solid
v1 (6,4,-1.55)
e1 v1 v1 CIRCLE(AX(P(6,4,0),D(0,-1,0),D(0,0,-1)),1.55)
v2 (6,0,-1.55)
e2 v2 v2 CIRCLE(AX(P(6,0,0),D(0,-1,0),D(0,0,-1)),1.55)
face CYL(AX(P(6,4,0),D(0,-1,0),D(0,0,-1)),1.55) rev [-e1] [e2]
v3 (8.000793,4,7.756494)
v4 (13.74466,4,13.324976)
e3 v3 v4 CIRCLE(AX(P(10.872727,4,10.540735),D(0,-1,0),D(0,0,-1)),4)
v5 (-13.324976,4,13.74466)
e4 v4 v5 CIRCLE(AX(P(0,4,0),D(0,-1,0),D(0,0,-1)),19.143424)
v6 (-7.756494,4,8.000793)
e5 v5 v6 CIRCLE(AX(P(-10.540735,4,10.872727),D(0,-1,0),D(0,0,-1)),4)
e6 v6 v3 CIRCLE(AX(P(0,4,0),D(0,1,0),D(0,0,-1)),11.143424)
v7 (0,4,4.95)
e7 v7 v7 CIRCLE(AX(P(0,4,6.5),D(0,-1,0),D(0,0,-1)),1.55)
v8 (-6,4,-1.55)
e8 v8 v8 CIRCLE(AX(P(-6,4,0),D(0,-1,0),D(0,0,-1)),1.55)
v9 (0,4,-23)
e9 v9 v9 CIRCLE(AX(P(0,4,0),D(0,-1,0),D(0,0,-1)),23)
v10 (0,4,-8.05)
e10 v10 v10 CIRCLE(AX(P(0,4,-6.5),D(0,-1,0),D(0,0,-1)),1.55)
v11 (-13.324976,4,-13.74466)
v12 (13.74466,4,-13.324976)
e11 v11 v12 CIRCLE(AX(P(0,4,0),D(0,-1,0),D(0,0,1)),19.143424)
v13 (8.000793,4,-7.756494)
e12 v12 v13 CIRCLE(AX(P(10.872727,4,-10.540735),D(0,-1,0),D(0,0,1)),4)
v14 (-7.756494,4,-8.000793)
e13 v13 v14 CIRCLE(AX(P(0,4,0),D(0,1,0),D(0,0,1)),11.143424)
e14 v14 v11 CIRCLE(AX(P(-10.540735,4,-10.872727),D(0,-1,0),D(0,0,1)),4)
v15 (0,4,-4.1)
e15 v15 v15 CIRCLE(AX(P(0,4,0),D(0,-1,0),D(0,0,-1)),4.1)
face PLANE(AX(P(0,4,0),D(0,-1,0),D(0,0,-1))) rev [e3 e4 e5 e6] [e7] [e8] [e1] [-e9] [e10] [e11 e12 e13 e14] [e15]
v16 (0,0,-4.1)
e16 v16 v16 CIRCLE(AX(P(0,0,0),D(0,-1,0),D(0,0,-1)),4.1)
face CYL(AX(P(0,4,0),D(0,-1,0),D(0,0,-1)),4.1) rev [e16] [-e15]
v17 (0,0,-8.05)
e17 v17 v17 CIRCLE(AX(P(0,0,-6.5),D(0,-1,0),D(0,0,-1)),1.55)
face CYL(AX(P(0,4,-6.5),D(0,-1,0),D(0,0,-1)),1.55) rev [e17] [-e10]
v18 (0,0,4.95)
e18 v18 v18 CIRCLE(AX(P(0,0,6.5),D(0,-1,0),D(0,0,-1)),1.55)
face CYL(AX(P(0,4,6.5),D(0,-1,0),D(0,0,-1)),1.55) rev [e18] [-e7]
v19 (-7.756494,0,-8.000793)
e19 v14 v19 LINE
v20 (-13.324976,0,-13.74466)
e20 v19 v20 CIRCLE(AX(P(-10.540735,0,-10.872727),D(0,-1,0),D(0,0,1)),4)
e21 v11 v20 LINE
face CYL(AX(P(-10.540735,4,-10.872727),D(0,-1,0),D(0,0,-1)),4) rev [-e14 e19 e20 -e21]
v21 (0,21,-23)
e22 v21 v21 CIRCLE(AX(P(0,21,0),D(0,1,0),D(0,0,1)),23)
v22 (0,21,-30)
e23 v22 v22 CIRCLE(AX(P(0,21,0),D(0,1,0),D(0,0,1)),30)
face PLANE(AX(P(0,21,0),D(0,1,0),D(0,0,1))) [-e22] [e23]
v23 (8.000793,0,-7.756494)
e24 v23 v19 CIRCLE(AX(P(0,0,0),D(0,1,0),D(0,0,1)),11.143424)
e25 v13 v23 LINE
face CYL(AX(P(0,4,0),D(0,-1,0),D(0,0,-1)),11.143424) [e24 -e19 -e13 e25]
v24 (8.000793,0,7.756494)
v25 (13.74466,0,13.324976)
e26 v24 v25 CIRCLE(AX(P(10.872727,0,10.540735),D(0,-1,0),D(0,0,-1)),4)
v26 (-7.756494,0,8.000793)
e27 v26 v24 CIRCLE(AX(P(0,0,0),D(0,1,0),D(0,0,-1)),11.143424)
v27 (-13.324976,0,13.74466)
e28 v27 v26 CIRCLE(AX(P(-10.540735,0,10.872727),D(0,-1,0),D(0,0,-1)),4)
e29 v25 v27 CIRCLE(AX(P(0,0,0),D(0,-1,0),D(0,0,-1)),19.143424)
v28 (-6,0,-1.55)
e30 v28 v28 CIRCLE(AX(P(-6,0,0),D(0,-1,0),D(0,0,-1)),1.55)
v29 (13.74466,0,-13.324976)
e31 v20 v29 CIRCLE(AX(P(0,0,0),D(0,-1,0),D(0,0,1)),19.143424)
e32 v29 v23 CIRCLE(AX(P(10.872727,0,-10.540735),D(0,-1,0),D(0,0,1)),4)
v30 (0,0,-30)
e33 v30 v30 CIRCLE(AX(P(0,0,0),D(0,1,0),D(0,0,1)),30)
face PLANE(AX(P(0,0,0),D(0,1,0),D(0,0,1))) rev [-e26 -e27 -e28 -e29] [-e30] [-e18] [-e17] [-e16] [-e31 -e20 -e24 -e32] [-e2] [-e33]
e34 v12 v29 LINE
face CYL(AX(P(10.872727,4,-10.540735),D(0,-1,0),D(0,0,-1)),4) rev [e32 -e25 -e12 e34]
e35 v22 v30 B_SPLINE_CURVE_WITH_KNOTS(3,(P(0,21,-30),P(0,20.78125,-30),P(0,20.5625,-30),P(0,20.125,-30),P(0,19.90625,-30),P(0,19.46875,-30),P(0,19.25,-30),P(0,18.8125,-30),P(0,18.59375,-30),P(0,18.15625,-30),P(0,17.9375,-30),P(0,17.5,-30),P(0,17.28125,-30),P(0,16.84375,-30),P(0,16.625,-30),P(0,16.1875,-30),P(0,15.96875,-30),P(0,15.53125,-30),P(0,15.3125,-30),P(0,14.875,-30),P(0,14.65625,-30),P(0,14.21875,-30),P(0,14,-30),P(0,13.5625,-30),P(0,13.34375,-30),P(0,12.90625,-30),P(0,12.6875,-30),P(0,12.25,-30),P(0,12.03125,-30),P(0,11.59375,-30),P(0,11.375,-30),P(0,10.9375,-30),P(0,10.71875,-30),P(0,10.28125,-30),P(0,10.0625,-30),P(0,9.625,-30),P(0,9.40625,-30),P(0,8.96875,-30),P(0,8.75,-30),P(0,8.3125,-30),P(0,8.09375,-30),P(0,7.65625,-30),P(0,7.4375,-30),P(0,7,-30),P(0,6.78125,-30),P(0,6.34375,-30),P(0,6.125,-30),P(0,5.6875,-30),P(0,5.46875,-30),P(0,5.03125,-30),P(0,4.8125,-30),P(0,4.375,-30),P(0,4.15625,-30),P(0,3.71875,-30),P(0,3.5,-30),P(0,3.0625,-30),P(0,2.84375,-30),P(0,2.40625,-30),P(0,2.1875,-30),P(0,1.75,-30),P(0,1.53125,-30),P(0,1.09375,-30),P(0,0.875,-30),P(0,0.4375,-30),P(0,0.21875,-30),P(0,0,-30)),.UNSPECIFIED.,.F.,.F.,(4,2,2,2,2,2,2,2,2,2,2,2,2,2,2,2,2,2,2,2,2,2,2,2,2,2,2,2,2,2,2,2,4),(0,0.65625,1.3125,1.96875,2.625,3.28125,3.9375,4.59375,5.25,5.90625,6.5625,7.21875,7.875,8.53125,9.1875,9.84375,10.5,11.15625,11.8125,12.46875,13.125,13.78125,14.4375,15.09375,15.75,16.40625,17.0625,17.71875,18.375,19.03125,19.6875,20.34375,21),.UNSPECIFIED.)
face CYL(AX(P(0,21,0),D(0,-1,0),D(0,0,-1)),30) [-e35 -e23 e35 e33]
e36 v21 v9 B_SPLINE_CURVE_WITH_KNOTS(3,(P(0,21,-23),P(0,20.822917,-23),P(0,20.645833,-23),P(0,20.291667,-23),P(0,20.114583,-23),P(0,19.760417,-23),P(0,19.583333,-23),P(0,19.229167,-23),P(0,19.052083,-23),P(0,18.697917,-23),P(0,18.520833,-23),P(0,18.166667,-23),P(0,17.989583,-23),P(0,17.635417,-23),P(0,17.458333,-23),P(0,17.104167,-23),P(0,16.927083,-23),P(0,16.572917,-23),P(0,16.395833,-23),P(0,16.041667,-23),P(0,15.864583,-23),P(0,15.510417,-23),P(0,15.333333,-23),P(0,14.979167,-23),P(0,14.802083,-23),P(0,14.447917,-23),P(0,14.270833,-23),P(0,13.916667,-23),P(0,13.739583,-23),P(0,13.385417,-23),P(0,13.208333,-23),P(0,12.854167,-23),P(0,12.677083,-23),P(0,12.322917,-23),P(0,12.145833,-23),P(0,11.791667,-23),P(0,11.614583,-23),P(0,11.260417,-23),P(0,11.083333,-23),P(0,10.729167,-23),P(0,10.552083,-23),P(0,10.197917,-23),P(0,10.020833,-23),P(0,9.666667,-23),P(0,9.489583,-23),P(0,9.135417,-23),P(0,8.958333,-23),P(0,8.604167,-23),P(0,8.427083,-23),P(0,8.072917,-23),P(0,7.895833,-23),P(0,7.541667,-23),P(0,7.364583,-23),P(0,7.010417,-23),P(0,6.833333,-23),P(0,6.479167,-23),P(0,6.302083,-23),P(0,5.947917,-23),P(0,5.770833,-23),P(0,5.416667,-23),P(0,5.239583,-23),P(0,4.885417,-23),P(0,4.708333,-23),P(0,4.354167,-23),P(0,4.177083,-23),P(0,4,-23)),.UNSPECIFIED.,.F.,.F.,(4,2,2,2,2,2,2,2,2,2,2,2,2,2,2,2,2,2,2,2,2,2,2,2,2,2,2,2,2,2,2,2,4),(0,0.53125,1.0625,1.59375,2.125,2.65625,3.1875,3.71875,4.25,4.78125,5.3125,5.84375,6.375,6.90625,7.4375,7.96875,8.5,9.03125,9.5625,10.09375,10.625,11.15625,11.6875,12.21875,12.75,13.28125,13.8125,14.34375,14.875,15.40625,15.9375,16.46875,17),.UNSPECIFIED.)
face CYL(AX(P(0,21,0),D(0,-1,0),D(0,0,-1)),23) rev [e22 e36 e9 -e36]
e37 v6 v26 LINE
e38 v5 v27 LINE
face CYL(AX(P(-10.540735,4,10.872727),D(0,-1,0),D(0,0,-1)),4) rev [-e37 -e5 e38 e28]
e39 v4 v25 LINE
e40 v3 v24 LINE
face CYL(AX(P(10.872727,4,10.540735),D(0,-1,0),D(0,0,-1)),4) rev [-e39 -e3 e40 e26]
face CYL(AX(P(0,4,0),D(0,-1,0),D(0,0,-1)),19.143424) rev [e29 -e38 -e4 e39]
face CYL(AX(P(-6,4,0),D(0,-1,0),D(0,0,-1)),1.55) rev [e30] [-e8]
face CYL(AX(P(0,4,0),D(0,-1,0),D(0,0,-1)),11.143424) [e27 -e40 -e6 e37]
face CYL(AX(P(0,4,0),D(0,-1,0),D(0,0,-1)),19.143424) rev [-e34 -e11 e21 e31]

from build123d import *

# Parameters (mm, degrees)
SKETCH_1_R      = 30
SKETCH_1_R_2    = 23
EXTRUDE_1_DEPTH = 21
SKETCH_2_R      = 23
SKETCH_2_R_2    = 4.1
SKETCH_2_R_3    = 1.55
EXTRUDE_2_DEPTH = 4


with BuildPart() as part:
    # 草图1 → 凸台-拉伸1 (new body)
    with BuildSketch(Plane(origin=(0, 0, 0), x_dir=(1, 0, 0), z_dir=(0, 1, 0))):
        with Locations(Location((0, 0, 0), (0, 0, 90))):
            Circle(SKETCH_1_R)
        with Locations(Location((0, 0, 0), (0, 0, 90))):
            Circle(SKETCH_1_R_2, mode=Mode.SUBTRACT)
    extrude(amount=EXTRUDE_1_DEPTH)

    # 草图2 → 凸台-拉伸2 (add)
    with BuildSketch(Plane.XZ):
        with Locations(Location((0, 0, 0), (0, 0, 270))):
            Circle(SKETCH_2_R)
        with Locations(Location((0, 0, 0), (0, 0, 270))):
            Circle(SKETCH_2_R_2, mode=Mode.SUBTRACT)
        with Locations(Location((6, 0, 0), (0, 0, 270))):
            Circle(SKETCH_2_R_3, mode=Mode.SUBTRACT)
        with Locations(Location((-6, 0, 0), (0, 0, 270))):
            Circle(SKETCH_2_R_3, mode=Mode.SUBTRACT)
        with Locations(Location((0, 6.5, 0), (0, 0, 270))):
            Circle(SKETCH_2_R_3, mode=Mode.SUBTRACT)
        with Locations(Location((0, -6.5, 0), (0, 0, 270))):
            Circle(SKETCH_2_R_3, mode=Mode.SUBTRACT)
        with BuildLine():
            ThreePointArc((13.744660155, 13.324975875), (0.2967616, 19.141123201), (-13.324975875, 13.744660155))
            ThreePointArc((-13.324975875, 13.744660155), (-13.412668503, 8.088485652), (-7.756494001, 8.000793024))
            ThreePointArc((-7.756494001, 8.000793024), (0.172745496, 11.142084508), (8.000793024, 7.756494001))
            ThreePointArc((8.000793024, 7.756494001), (13.656967527, 7.668801373), (13.744660155, 13.324975875))
        make_face(mode=Mode.SUBTRACT)
        with BuildLine():
            ThreePointArc((13.744660155, -13.324975875), (0.2967616, -19.141123201), (-13.324975875, -13.744660155))
            ThreePointArc((-13.324975875, -13.744660155), (-13.412668503, -8.088485652), (-7.756494001, -8.000793024))
            ThreePointArc((-7.756494001, -8.000793024), (0.172745496, -11.142084508), (8.000793024, -7.756494001))
            ThreePointArc((8.000793024, -7.756494001), (13.656967527, -7.668801373), (13.744660155, -13.324975875))
        make_face(mode=Mode.SUBTRACT)
    extrude(amount=-EXTRUDE_2_DEPTH)


solid = part.part
